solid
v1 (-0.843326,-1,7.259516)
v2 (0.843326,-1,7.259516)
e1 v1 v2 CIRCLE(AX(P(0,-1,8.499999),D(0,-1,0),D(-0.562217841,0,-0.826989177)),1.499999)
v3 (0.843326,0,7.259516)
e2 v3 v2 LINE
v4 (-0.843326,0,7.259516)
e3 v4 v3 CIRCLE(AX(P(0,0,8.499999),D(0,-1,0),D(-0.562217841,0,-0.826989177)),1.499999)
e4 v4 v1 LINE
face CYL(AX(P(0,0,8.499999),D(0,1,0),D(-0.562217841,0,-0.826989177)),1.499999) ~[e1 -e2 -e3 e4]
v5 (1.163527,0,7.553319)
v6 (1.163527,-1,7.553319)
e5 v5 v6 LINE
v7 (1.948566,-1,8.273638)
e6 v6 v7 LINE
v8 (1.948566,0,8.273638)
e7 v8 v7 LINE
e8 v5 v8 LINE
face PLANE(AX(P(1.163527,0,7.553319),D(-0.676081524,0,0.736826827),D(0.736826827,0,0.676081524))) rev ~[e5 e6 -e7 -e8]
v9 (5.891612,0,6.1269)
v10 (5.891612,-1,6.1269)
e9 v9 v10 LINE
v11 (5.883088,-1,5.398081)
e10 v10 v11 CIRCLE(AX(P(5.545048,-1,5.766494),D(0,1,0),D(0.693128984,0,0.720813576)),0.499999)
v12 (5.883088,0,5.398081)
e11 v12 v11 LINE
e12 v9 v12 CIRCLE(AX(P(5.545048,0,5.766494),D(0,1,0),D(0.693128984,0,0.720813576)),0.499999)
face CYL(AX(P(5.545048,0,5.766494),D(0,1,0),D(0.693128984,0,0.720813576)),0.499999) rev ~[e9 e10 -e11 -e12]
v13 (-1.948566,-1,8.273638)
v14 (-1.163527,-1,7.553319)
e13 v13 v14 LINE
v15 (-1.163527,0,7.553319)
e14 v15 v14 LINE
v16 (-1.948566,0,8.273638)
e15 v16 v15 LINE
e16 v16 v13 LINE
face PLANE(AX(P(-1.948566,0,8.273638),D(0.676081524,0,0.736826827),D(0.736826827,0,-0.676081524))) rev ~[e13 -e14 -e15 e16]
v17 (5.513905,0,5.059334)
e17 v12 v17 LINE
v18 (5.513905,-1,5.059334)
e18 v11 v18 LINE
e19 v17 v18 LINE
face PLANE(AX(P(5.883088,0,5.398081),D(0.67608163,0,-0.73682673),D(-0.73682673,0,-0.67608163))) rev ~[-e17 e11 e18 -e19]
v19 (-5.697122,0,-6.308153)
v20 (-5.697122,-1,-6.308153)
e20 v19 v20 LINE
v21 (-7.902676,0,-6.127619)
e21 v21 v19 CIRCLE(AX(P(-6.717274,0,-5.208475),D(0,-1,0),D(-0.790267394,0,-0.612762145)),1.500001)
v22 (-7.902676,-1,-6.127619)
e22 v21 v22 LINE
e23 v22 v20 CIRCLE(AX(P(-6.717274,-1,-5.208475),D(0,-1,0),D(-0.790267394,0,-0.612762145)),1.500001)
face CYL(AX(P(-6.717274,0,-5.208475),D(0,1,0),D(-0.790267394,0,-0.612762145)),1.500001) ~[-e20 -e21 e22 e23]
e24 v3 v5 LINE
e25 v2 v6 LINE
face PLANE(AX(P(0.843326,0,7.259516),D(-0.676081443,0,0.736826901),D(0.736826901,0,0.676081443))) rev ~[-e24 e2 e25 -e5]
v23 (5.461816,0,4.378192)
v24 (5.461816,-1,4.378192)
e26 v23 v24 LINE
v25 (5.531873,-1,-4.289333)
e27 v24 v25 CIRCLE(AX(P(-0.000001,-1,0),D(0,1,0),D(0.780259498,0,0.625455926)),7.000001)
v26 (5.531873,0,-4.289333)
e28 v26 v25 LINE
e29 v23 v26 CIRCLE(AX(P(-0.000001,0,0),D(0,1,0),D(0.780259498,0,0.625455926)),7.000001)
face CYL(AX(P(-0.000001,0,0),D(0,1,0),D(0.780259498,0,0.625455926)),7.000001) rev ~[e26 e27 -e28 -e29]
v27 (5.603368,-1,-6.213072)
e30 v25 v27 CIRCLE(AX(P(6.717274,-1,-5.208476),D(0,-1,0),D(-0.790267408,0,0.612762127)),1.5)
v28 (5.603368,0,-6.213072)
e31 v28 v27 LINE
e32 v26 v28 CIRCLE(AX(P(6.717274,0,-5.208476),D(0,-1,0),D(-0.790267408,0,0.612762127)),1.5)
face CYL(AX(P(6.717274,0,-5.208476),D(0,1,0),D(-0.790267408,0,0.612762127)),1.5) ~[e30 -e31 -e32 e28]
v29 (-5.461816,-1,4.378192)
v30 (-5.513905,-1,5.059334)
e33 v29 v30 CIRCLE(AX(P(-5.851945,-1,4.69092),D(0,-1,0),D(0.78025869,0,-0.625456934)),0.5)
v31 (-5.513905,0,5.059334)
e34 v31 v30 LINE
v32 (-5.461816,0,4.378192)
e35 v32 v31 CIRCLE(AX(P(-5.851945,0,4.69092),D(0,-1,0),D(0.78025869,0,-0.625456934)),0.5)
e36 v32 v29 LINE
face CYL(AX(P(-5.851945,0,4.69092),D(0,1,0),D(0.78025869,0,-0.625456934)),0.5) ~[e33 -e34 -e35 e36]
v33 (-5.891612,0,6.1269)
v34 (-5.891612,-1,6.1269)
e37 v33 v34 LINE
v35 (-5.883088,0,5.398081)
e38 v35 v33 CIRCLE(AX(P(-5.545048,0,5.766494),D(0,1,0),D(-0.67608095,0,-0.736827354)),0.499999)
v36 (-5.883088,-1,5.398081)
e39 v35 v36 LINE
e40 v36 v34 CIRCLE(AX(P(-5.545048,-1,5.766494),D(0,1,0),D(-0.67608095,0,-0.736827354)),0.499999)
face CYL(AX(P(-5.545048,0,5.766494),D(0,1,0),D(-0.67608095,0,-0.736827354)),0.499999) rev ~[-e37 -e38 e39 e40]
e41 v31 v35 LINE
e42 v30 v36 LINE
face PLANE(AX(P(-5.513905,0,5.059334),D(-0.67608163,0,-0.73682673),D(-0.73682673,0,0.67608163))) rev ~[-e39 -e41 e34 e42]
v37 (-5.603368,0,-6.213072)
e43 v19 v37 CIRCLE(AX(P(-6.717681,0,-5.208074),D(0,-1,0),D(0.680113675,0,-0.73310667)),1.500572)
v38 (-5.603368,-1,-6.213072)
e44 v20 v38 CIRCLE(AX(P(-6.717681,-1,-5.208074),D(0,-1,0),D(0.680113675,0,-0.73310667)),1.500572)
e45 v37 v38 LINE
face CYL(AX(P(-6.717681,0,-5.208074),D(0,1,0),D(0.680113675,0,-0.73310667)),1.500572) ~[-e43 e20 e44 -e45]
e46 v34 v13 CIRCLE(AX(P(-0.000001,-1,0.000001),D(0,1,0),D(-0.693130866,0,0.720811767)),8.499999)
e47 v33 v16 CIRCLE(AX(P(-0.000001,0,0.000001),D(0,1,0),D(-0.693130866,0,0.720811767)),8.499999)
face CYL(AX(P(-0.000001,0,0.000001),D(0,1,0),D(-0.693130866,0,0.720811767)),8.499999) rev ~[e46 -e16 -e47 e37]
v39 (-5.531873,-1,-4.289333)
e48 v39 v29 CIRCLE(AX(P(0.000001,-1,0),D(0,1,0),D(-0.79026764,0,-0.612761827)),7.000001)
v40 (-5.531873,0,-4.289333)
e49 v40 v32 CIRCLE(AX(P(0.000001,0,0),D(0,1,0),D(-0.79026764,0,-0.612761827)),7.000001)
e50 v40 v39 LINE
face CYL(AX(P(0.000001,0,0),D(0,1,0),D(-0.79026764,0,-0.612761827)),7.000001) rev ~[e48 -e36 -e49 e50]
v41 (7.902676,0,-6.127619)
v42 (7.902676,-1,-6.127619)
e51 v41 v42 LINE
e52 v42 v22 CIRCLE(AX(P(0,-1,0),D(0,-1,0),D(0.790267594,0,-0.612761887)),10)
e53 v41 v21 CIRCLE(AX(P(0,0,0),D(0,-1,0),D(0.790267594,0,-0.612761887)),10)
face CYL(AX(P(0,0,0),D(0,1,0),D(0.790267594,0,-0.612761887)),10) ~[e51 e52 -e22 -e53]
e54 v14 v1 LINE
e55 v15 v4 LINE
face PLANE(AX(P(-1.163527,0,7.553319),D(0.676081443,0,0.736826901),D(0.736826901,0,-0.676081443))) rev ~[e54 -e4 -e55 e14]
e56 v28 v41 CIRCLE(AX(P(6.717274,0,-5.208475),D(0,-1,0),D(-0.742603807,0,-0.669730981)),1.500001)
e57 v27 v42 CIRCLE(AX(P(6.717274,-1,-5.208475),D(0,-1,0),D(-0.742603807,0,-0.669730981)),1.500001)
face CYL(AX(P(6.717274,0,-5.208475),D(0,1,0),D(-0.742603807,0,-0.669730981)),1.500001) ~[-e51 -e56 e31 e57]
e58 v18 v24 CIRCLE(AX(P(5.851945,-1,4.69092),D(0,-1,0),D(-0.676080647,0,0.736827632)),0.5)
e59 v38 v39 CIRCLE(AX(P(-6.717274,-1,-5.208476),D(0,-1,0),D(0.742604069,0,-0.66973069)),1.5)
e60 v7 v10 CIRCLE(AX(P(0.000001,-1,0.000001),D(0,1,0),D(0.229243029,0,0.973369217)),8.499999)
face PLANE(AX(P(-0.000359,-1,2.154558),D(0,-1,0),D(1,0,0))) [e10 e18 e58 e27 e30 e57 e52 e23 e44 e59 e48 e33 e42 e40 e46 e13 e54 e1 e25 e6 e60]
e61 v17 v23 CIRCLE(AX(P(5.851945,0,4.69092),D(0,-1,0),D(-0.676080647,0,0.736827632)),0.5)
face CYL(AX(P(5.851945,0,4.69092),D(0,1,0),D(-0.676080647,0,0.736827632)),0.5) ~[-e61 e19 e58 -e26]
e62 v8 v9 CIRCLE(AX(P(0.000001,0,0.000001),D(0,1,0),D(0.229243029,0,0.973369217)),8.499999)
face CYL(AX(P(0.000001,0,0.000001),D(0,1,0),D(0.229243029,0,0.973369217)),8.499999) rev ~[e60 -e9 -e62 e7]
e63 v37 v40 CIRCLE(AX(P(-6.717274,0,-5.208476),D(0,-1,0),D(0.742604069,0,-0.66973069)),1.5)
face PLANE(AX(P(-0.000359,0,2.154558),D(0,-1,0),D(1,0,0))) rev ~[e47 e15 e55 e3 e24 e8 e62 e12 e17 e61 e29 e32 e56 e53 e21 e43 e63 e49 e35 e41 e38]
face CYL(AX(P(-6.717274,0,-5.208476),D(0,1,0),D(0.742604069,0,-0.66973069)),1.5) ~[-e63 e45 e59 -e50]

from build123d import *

# Parameters (mm, degrees)
F1_DEPTH = 1


with BuildPart() as f1:
    # F0 (on Front) → F1 (new body)
    with BuildSketch(Plane.XZ):
        with BuildLine():
            ThreePointArc((5.603368, -6.213072), (6.772983, -6.707441), (7.902676, -6.127619))
            ThreePointArc((7.902676, -6.127619), (0, 10), (-7.902676, -6.127619))
            ThreePointArc((-7.902676, -6.127619), (-6.839647, -6.703476), (-5.697122, -6.308153))
            ThreePointArc((-5.697122, -6.308153), (-5.649187, -6.261656), (-5.603368, -6.213072))
            ThreePointArc((-5.603368, -6.213072), (-5.218309, -5.264185), (-5.531873, -4.289333))
            ThreePointArc((-5.531873, -4.289333), (-6.999771, 0.056577), (-5.461816, 4.378192))
            ThreePointArc((-5.461816, 4.378192), (-5.353401, 4.729045), (-5.513905, 5.059334))
            Line((-5.513905, 5.059334), (-5.883088, 5.398081))
            ThreePointArc((-5.883088, 5.398081), (-6.045013, 5.760646), (-5.891612, 6.1269))
            ThreePointArc((-5.891612, 6.1269), (-4.064384, 7.465305), (-1.948566, 8.273638))
            Line((-1.948566, 8.273638), (-1.163527, 7.553319))
            Line((-1.163527, 7.553319), (-0.843326, 7.259516))
            ThreePointArc((-0.843326, 7.259516), (0, 7), (0.843326, 7.259516))
            Line((0.843326, 7.259516), (1.163527, 7.553319))
            Line((1.163527, 7.553319), (1.948566, 8.273638))
            ThreePointArc((1.948566, 8.273638), (4.064384, 7.465305), (5.891612, 6.1269))
            ThreePointArc((5.891612, 6.1269), (6.045013, 5.760646), (5.883088, 5.398081))
            Line((5.883088, 5.398081), (5.513905, 5.059334))
            ThreePointArc((5.513905, 5.059334), (5.353401, 4.729045), (5.461816, 4.378192))
            ThreePointArc((5.461816, 4.378192), (6.999771, 0.056577), (5.531873, -4.289333))
            ThreePointArc((5.531873, -4.289333), (5.218309, -5.264185), (5.603368, -6.213072))
        make_face()
    extrude(amount=F1_DEPTH)


solid = f1.part
